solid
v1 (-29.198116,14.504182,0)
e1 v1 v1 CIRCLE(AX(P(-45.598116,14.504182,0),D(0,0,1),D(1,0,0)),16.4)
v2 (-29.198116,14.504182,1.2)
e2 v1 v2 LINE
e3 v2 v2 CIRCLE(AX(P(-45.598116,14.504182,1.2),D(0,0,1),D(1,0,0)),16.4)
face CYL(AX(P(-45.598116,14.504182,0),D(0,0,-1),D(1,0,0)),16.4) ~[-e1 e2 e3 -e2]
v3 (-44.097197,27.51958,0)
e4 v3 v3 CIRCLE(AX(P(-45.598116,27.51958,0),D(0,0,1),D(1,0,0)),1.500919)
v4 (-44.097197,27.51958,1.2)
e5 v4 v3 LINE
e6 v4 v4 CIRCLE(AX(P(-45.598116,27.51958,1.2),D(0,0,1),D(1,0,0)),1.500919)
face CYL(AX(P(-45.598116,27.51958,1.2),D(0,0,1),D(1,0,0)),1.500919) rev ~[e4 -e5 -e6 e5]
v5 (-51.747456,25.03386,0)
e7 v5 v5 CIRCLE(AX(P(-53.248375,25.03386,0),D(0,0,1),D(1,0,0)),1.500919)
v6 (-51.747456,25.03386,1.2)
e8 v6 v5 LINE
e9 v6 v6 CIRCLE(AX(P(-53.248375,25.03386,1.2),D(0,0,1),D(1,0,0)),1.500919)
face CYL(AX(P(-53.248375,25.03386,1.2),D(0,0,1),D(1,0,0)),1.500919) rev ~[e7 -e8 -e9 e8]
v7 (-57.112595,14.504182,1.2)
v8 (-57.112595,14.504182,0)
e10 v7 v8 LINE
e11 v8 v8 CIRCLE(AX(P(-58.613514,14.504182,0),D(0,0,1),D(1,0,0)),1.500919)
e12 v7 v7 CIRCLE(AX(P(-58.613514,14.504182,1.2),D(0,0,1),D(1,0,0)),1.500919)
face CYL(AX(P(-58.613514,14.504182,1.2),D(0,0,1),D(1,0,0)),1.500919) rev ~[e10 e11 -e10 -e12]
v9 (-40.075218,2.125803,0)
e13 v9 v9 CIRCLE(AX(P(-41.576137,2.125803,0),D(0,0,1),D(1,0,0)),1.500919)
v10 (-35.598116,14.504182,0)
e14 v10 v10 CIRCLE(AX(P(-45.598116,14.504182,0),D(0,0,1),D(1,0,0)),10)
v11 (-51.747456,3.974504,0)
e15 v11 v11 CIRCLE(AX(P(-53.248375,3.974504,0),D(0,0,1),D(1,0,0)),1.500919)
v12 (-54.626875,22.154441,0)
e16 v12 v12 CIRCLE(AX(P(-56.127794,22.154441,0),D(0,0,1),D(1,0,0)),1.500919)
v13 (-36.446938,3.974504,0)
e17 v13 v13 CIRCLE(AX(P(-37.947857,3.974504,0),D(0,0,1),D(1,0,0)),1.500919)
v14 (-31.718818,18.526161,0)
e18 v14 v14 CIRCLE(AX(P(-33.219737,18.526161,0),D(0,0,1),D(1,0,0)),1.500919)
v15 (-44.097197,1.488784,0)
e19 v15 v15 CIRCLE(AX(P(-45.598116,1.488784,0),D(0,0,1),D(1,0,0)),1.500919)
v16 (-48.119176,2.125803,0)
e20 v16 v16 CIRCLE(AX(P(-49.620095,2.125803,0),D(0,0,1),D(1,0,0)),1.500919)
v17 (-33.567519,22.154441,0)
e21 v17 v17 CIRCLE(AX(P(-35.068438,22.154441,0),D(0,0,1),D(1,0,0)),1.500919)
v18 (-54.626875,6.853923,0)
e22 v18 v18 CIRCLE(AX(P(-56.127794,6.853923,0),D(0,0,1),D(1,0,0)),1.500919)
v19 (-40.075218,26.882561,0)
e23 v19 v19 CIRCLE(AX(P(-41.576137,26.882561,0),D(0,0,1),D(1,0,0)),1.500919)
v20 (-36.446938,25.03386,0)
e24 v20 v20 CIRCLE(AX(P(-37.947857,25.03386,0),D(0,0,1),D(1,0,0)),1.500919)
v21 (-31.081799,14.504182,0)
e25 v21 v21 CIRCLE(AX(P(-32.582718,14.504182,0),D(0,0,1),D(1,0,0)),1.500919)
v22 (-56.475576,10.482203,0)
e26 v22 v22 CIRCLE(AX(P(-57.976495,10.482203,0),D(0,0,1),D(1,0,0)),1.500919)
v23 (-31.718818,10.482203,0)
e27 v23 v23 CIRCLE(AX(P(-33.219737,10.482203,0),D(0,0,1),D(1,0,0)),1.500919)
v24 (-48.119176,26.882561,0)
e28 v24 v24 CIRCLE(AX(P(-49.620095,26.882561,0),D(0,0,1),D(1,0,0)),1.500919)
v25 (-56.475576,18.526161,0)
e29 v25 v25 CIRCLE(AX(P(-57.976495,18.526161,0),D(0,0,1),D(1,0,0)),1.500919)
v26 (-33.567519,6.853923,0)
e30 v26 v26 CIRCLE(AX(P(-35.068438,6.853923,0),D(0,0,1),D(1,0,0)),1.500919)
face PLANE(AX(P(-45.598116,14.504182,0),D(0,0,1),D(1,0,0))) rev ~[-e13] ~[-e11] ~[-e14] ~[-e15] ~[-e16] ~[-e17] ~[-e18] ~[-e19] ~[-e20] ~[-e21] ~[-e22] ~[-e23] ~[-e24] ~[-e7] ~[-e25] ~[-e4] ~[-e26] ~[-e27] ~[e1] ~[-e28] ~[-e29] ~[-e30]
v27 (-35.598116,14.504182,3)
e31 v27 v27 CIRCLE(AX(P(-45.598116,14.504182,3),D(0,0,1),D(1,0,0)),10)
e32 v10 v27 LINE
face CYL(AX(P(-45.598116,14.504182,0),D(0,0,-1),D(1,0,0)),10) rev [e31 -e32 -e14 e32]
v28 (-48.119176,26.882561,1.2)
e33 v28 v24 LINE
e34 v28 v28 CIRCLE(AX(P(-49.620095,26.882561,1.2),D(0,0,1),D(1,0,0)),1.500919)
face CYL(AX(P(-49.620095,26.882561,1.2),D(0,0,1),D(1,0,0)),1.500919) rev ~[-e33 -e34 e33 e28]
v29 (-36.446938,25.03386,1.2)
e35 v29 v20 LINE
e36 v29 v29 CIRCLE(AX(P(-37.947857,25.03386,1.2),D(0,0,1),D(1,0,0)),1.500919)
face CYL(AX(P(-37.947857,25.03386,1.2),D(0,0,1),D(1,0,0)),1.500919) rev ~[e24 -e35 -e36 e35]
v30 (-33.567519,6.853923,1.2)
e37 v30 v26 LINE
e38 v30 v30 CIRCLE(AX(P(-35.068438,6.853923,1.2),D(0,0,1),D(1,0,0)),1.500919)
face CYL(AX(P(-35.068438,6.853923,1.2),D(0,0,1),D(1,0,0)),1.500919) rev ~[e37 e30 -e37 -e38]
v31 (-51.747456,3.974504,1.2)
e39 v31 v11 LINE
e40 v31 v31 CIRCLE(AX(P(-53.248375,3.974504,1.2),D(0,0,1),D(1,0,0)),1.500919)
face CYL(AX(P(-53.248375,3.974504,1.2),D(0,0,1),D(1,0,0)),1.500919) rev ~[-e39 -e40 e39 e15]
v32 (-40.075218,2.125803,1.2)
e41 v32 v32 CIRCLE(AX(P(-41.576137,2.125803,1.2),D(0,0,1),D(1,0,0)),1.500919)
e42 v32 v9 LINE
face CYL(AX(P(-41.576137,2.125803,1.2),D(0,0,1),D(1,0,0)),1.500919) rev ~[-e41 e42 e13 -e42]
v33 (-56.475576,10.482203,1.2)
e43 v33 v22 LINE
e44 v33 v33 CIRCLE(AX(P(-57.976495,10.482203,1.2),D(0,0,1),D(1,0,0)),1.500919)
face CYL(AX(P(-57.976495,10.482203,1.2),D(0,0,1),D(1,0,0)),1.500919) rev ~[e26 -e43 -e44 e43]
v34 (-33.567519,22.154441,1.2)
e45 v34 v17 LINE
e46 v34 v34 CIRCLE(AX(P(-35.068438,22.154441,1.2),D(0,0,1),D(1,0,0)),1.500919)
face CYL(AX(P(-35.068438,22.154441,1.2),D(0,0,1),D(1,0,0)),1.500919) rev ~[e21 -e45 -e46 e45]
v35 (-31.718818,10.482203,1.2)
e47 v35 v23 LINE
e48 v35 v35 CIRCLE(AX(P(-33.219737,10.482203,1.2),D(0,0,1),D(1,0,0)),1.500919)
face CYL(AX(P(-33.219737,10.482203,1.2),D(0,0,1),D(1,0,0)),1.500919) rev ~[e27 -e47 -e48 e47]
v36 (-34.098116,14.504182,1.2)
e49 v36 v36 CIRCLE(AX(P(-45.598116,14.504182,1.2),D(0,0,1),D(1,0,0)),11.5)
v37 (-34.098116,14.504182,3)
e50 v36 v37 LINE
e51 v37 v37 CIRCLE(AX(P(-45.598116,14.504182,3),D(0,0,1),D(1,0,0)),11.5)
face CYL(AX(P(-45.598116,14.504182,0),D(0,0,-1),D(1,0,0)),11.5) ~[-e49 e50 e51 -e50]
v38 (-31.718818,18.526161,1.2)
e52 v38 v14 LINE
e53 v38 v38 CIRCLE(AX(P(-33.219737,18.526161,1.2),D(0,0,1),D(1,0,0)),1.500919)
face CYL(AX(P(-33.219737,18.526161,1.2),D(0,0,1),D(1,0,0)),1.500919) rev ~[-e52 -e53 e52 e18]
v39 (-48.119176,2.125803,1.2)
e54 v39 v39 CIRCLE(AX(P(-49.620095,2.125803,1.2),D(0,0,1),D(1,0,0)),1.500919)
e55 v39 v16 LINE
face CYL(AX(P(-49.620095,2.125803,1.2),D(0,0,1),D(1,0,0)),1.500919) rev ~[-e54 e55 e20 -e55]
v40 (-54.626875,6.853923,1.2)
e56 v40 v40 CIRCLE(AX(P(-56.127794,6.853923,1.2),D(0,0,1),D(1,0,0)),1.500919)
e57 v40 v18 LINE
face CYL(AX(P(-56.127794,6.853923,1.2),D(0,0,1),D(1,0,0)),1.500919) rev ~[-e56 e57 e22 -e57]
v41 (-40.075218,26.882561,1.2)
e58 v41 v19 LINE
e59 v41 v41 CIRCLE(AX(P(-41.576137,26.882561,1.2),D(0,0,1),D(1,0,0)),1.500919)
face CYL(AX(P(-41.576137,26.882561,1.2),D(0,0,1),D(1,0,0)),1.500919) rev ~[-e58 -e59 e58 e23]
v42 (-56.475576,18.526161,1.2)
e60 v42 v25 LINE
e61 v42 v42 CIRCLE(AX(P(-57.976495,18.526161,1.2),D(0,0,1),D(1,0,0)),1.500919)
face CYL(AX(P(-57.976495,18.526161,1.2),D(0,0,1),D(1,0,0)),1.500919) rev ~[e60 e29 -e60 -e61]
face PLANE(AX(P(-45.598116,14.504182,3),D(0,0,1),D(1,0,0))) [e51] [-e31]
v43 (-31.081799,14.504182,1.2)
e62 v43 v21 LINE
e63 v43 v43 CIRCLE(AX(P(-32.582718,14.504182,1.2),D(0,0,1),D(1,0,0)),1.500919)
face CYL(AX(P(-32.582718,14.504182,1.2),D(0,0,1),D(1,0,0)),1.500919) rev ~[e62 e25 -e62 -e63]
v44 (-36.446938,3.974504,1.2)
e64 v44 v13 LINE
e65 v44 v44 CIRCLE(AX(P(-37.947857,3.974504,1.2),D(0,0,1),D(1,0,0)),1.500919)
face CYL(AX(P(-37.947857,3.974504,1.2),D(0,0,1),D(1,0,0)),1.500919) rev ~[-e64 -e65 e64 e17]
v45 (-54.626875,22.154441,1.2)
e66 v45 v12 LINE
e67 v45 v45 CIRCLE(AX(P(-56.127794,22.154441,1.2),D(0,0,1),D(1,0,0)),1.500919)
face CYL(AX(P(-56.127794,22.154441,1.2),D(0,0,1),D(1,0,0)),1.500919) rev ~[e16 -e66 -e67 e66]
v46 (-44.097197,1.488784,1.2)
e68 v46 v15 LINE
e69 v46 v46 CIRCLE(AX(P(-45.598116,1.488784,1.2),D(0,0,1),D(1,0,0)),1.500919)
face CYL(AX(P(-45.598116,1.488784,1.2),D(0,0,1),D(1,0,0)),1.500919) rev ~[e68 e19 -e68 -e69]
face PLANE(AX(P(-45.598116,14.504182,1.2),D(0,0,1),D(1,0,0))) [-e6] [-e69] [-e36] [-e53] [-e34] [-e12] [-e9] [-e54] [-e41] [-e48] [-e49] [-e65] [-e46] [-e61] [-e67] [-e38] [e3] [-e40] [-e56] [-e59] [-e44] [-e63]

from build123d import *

# Parameters (mm, degrees)
F0_R     = 16.4
F0_R_2   = 11.5
F1_DEPTH = 1.2
F0_R_3   = 10
F2_DEPTH = 3
F3_R     = 1.500919
F4_DEPTH = 25


with BuildPart() as f1:
    # F0 (on Top) → F1 (new body)
    with BuildSketch(Plane.XY):
        with Locations((-45.598116, 14.504182)):
            Circle(F0_R)
        with Locations((-45.598116, 14.504182)):
            Circle(F0_R_2, mode=Mode.SUBTRACT)
    extrude(amount=F1_DEPTH)

    # F0 (on Top) → F2 (join)
    with BuildSketch(Plane.XY):
        with Locations((-45.598116, 14.504182)):
            Circle(F0_R_2)
        with Locations((-45.598116, 14.504182)):
            Circle(F0_R_3, mode=Mode.SUBTRACT)
    extrude(amount=F2_DEPTH)

    # F3 (on face) → F4 (cut)
    with BuildSketch(Plane.XY.offset(1.2)):
        with Locations((-45.598116, 27.51958)):
            Circle(F3_R)
        with Locations((-49.620095, 26.882561)):
            Circle(F3_R)
        with Locations((-53.248375, 25.03386)):
            Circle(F3_R)
        with Locations((-56.127794, 22.154441)):
            Circle(F3_R)
        with Locations((-57.976495, 18.526161)):
            Circle(F3_R)
        with Locations((-58.613514, 14.504182)):
            Circle(F3_R)
        with Locations((-57.976495, 10.482203)):
            Circle(F3_R)
        with Locations((-56.127794, 6.853923)):
            Circle(F3_R)
        with Locations((-53.248375, 3.974504)):
            Circle(F3_R)
        with Locations((-49.620095, 2.125803)):
            Circle(F3_R)
        with Locations((-45.598116, 1.488784)):
            Circle(F3_R)
        with Locations((-41.576137, 2.125803)):
            Circle(F3_R)
        with Locations((-37.947857, 3.974504)):
            Circle(F3_R)
        with Locations((-35.068438, 6.853923)):
            Circle(F3_R)
        with Locations((-33.219737, 10.482203)):
            Circle(F3_R)
        with Locations((-32.582718, 14.504182)):
            Circle(F3_R)
        with Locations((-33.219737, 18.526161)):
            Circle(F3_R)
        with Locations((-35.068438, 22.154441)):
            Circle(F3_R)
        with Locations((-37.947857, 25.03386)):
            Circle(F3_R)
        with Locations((-41.576137, 26.882561)):
            Circle(F3_R)
    extrude(amount=-F4_DEPTH, mode=Mode.SUBTRACT)


solid = f1.part
